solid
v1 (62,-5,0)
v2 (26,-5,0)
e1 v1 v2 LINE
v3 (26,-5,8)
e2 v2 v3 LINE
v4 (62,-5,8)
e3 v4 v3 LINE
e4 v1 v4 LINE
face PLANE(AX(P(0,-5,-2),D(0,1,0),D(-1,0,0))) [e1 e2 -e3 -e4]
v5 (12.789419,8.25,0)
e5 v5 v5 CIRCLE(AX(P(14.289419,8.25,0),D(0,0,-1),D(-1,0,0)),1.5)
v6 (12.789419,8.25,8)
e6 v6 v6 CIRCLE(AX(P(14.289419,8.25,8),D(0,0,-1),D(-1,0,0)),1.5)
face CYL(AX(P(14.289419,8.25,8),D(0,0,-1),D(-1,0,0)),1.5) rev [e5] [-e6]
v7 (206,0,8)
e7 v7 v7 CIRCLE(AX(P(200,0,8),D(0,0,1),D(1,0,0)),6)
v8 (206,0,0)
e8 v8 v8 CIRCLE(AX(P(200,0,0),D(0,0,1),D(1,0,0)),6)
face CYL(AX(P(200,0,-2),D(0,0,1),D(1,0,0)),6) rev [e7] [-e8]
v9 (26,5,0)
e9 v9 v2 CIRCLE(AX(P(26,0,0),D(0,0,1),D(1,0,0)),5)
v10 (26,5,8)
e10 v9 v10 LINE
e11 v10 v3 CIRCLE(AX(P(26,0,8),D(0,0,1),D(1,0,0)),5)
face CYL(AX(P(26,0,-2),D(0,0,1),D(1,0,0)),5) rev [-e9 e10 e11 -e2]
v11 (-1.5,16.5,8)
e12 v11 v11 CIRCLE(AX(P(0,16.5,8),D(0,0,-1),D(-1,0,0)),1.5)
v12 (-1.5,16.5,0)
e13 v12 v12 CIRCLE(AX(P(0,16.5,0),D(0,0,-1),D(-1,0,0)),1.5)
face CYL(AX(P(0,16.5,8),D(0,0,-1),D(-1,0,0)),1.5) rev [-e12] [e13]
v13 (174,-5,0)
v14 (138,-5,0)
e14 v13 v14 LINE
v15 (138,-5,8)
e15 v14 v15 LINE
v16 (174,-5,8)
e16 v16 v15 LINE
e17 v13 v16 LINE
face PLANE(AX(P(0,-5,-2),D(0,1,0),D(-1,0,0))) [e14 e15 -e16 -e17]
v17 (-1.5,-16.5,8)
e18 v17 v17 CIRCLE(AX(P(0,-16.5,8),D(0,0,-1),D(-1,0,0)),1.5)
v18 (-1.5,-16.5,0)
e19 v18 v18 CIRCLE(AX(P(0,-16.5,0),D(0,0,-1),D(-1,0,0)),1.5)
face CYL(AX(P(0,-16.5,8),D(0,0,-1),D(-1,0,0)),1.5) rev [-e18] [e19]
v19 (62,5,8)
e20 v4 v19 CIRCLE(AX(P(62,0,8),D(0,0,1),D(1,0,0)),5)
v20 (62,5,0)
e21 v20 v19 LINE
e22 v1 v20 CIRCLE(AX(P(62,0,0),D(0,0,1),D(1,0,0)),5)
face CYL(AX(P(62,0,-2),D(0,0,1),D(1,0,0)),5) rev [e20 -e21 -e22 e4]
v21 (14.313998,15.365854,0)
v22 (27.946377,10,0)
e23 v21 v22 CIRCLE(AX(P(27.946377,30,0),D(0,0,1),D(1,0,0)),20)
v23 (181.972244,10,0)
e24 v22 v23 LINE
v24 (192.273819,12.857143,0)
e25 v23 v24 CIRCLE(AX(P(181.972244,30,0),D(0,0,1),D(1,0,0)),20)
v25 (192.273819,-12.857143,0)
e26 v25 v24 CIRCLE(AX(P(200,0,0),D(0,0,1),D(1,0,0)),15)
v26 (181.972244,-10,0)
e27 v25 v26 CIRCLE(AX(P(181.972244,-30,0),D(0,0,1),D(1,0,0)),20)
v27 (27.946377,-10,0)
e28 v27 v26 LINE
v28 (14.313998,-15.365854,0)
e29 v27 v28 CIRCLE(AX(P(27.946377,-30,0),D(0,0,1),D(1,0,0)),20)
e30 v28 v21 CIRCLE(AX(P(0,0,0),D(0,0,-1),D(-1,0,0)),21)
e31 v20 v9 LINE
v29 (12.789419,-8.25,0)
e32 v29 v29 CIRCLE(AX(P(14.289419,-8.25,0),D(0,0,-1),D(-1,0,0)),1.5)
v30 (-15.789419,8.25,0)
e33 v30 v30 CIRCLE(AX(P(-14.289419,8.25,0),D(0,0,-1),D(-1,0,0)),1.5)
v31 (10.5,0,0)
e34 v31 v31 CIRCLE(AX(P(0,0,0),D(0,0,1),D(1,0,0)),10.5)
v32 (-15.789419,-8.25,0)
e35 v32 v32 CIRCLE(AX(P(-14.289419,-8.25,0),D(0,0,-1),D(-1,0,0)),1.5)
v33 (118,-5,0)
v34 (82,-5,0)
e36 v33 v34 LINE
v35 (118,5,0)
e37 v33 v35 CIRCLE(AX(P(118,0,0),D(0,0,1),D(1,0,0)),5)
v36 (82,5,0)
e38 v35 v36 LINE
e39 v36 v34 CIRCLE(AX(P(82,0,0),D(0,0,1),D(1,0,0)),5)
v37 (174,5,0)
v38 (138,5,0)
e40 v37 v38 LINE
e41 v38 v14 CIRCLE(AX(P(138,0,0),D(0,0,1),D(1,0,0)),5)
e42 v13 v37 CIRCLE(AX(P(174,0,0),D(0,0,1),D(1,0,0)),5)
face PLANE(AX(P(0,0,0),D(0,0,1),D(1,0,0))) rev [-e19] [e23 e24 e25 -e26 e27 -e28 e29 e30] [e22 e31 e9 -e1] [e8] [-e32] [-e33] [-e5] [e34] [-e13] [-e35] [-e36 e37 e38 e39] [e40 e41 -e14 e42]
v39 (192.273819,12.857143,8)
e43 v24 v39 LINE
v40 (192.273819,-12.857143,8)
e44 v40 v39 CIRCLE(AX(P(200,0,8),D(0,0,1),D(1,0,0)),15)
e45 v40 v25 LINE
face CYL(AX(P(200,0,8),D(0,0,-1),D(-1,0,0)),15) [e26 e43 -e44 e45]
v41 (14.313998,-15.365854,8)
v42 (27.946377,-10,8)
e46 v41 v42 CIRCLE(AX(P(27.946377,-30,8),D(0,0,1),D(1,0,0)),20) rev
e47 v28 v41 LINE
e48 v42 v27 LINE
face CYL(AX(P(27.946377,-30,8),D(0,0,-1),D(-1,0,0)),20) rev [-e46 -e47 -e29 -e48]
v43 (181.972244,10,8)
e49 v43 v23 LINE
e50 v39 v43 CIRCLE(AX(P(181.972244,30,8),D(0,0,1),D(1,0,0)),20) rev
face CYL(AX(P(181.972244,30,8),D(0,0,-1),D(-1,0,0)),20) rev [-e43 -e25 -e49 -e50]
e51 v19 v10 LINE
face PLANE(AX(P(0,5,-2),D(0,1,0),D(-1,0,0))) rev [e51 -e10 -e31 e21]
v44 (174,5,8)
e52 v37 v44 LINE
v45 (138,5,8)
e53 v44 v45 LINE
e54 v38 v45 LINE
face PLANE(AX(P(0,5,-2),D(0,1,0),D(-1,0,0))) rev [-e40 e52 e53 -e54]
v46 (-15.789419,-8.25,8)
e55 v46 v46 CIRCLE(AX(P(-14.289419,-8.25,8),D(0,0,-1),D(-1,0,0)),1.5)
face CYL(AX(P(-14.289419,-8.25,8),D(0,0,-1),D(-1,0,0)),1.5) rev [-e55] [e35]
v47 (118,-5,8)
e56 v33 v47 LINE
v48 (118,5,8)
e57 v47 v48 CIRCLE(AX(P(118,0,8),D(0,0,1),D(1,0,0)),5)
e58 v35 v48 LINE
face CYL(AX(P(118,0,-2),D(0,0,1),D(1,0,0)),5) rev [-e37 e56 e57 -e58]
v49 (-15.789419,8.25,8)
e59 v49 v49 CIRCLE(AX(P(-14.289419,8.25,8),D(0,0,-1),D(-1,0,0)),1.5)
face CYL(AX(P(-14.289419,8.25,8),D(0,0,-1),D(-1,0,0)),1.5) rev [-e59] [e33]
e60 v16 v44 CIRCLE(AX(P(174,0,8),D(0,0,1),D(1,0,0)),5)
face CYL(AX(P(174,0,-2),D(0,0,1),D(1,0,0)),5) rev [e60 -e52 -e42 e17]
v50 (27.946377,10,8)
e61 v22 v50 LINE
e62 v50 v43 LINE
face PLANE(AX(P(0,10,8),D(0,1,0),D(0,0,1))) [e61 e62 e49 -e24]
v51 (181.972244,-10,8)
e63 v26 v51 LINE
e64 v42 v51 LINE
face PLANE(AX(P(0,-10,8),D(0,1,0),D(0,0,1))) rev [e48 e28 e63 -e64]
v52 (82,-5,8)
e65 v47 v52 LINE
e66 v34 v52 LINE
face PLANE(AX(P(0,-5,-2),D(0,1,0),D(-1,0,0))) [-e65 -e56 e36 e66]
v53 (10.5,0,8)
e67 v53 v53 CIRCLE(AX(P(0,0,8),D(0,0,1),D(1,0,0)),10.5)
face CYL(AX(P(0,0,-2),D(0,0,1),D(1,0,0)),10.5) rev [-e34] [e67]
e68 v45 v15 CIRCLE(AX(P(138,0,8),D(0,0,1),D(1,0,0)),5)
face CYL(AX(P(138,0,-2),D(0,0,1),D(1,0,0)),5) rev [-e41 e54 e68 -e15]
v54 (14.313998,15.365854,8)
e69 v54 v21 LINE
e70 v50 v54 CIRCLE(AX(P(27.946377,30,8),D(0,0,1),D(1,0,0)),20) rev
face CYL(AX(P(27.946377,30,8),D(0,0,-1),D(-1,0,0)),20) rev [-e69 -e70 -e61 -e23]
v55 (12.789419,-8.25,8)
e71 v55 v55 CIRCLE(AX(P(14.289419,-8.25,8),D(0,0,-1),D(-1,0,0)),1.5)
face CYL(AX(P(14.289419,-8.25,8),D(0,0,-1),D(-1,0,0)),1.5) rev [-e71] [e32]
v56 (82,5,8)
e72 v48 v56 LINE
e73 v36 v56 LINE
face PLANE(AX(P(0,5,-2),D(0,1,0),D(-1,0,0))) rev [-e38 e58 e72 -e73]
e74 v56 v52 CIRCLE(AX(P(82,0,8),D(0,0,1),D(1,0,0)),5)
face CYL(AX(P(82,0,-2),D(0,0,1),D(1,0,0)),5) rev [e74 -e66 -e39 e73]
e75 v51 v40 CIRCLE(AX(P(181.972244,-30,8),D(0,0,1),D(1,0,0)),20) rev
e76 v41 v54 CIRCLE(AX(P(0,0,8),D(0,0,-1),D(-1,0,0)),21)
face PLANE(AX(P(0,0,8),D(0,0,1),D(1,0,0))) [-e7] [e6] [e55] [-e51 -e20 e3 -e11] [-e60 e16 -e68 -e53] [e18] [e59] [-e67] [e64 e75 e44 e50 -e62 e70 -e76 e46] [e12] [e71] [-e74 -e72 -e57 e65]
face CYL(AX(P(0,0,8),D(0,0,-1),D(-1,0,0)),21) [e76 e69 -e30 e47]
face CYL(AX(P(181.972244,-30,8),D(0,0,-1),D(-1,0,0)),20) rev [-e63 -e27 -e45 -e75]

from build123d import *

# Parameters (mm, degrees)
EXTRUDE_1_DEPTH     = 8
FILLET_1_R          = 20
SKETCH_5_R          = 10.5
SKETCH_5_R_2        = 6
CUT_EXTRUDE_4_DEPTH = 10
CUT_EXTRUDE_5_DEPTH = 10
EXTRUDE_START       = -8
SKETCH_9_R          = 10.5
EXTRUDE_3_DEPTH     = 8
FILLET_2_R          = 20
SKETCH_10_R         = 1.5
CUT_EXTRUDE_7_DEPTH = 8


with BuildPart() as part:
    # 草图1 → 凸台-拉伸1 (new body)
    with BuildSketch(Plane.XY):
        with BuildLine():
            Line((0, -10), (0, 10))
            Line((0, 10), (11.180339887, 10))
            ThreePointArc((11.180339887, 10), (-15, 0), (11.180339887, -10))
            Line((11.180339887, -10), (0, -10))
        make_face()
        with BuildLine():
            Line((11.180339887, 10), (0, 10))
            Line((0, 10), (0, -10))
            Line((0, -10), (11.180339887, -10))
            ThreePointArc((11.180339887, -10), (14.012585384, -5.352331347), (15, 0))
            ThreePointArc((15, 0), (14.012585384, 5.352331347), (11.180339887, 10))
        make_face()
        with BuildLine():
            Line((188.819660113, 10), (11.180339887, 10))
            ThreePointArc((11.180339887, 10), (14.012585384, 5.352331347), (15, 0))
            ThreePointArc((15, 0), (14.012585384, -5.352331347), (11.180339887, -10))
            Line((11.180339887, -10), (188.819660113, -10))
            ThreePointArc((188.819660113, -10), (185, 0), (188.819660113, 10))
        make_face()
        with BuildLine():
            ThreePointArc((215, 0), (205.352331347, 14.012585384), (188.819660113, 10))
            Line((188.819660113, 10), (200, 10))
            Line((200, 10), (200, -10))
            Line((200, -10), (188.819660113, -10))
            ThreePointArc((188.819660113, -10), (205.352331347, -14.012585384), (215, 0))
        make_face()
        with BuildLine():
            Line((200, 10), (188.819660113, 10))
            ThreePointArc((188.819660113, 10), (185, 0), (188.819660113, -10))
            Line((188.819660113, -10), (200, -10))
            Line((200, -10), (200, 10))
        make_face()
    extrude(amount=EXTRUDE_1_DEPTH)

    # 圆角1
    fillet_1_edges = [part.edges().sort_by_distance(p)[0] for p in [
        (11.180339887, 10, 4),
        (188.819660113, 10, 4),
        (188.819660113, -10, 4),
        (11.180339887, -10, 4),
    ]]
    fillet(fillet_1_edges, radius=FILLET_1_R)

    # 草图5 → 切除-拉伸4 (cut)
    with BuildSketch(Plane.XY.offset(8)):
        Circle(SKETCH_5_R)
        with Locations((200, 0)):
            Circle(SKETCH_5_R_2)
    extrude(amount=-CUT_EXTRUDE_4_DEPTH, mode=Mode.SUBTRACT)

    # 草图6 → 切除-拉伸5 (cut)
    with BuildSketch(Plane.XY.offset(8)):
        with BuildLine():
            ThreePointArc((138, 5), (133, 0), (138, -5))
            Line((138, -5), (138, 5))
        make_face()
        with BuildLine():
            Line((138, 5), (138, -5))
            ThreePointArc((138, -5), (141.535533906, -3.535533906), (143, 0))
            ThreePointArc((143, 0), (141.535533906, 3.535533906), (138, 5))
        make_face()
        with BuildLine():
            Line((138, -5), (174, -5))
            ThreePointArc((174, -5), (169, 0), (174, 5))
            Line((174, 5), (138, 5))
            ThreePointArc((138, 5), (141.535533906, 3.535533906), (143, 0))
            ThreePointArc((143, 0), (141.535533906, -3.535533906), (138, -5))
        make_face()
        with BuildLine():
            ThreePointArc((174, 5), (169, 0), (174, -5))
            Line((174, -5), (174, 5))
        make_face()
        with BuildLine():
            Line((174, 5), (174, -5))
            ThreePointArc((174, -5), (177.535533906, -3.535533906), (179, 0))
            ThreePointArc((179, 0), (177.535533906, 3.535533906), (174, 5))
        make_face()
        with BuildLine():
            ThreePointArc((118, 5), (113, 0), (118, -5))
            Line((118, -5), (118, 5))
        make_face()
        with BuildLine():
            Line((118, 5), (118, -5))
            ThreePointArc((118, -5), (121.535533906, -3.535533906), (123, 0))
            ThreePointArc((123, 0), (121.535533906, 3.535533906), (118, 5))
        make_face()
        with BuildLine():
            Line((82, -5), (118, -5))
            ThreePointArc((118, -5), (113, 0), (118, 5))
            Line((118, 5), (82, 5))
            ThreePointArc((82, 5), (85.535533906, 3.535533906), (87, 0))
            ThreePointArc((87, 0), (85.535533906, -3.535533906), (82, -5))
        make_face()
        with BuildLine():
            ThreePointArc((82, 5), (77, 0), (82, -5))
            Line((82, -5), (82, 5))
        make_face()
        with BuildLine():
            Line((82, 5), (82, -5))
            ThreePointArc((82, -5), (85.535533906, -3.535533906), (87, 0))
            ThreePointArc((87, 0), (85.535533906, 3.535533906), (82, 5))
        make_face()
        with BuildLine():
            ThreePointArc((62, 5), (57, 0), (62, -5))
            Line((62, -5), (62, 5))
        make_face()
        with BuildLine():
            Line((62, 5), (62, -5))
            ThreePointArc((62, -5), (65.535533906, -3.535533906), (67, 0))
            ThreePointArc((67, 0), (65.535533906, 3.535533906), (62, 5))
        make_face()
        with BuildLine():
            Line((26, -5), (62, -5))
            ThreePointArc((62, -5), (57, 0), (62, 5))
            Line((62, 5), (26, 5))
            ThreePointArc((26, 5), (29.535533906, 3.535533906), (31, 0))
            ThreePointArc((31, 0), (29.535533906, -3.535533906), (26, -5))
        make_face()
        with BuildLine():
            ThreePointArc((26, 5), (21, 0), (26, -5))
            Line((26, -5), (26, 5))
        make_face()
        with BuildLine():
            Line((26, 5), (26, -5))
            ThreePointArc((26, -5), (29.535533906, -3.535533906), (31, 0))
            ThreePointArc((31, 0), (29.535533906, 3.535533906), (26, 5))
        make_face()
    extrude(amount=-CUT_EXTRUDE_5_DEPTH, mode=Mode.SUBTRACT)

    # 草图9 → 凸台-拉伸3 (add)
    with BuildSketch(Plane(origin=(0, 0, 0), x_dir=(-1, 0, 0), z_dir=(0, 0, -1)).offset(EXTRUDE_START)):
        with BuildLine():
            Line((-18.466185313, 10), (-18.466185313, -10))
            ThreePointArc((-18.466185313, -10), (21, 0), (-18.466185313, 10))
        make_face()
        with Locations(Location((0, 0, 0), (0, 0, 180))):
            Circle(SKETCH_9_R, mode=Mode.SUBTRACT)
    extrude(amount=EXTRUDE_3_DEPTH)

    # 圆角2
    fillet_2_edges = [part.edges().sort_by_distance(p)[0] for p in [
        (18.466185313, 10, 4),
        (18.466185313, -10, 4),
    ]]
    fillet(fillet_2_edges, radius=FILLET_2_R)

    # 草图10 → 切除-拉伸7 (cut)
    with BuildSketch(Plane(origin=(0, 0, 0), x_dir=(-1, 0, 0), z_dir=(0, 0, -1))):
        with Locations((0, 16.5)):
            Circle(SKETCH_10_R)
        with Locations((14.289419162, 8.25)):
            Circle(SKETCH_10_R)
        with Locations((14.289419162, -8.25)):
            Circle(SKETCH_10_R)
        with Locations((0, -16.5)):
            Circle(SKETCH_10_R)
        with Locations((-14.289419162, -8.25)):
            Circle(SKETCH_10_R)
        with Locations((-14.289419162, 8.25)):
            Circle(SKETCH_10_R)
    extrude(amount=-CUT_EXTRUDE_7_DEPTH, mode=Mode.SUBTRACT)


solid = part.part
